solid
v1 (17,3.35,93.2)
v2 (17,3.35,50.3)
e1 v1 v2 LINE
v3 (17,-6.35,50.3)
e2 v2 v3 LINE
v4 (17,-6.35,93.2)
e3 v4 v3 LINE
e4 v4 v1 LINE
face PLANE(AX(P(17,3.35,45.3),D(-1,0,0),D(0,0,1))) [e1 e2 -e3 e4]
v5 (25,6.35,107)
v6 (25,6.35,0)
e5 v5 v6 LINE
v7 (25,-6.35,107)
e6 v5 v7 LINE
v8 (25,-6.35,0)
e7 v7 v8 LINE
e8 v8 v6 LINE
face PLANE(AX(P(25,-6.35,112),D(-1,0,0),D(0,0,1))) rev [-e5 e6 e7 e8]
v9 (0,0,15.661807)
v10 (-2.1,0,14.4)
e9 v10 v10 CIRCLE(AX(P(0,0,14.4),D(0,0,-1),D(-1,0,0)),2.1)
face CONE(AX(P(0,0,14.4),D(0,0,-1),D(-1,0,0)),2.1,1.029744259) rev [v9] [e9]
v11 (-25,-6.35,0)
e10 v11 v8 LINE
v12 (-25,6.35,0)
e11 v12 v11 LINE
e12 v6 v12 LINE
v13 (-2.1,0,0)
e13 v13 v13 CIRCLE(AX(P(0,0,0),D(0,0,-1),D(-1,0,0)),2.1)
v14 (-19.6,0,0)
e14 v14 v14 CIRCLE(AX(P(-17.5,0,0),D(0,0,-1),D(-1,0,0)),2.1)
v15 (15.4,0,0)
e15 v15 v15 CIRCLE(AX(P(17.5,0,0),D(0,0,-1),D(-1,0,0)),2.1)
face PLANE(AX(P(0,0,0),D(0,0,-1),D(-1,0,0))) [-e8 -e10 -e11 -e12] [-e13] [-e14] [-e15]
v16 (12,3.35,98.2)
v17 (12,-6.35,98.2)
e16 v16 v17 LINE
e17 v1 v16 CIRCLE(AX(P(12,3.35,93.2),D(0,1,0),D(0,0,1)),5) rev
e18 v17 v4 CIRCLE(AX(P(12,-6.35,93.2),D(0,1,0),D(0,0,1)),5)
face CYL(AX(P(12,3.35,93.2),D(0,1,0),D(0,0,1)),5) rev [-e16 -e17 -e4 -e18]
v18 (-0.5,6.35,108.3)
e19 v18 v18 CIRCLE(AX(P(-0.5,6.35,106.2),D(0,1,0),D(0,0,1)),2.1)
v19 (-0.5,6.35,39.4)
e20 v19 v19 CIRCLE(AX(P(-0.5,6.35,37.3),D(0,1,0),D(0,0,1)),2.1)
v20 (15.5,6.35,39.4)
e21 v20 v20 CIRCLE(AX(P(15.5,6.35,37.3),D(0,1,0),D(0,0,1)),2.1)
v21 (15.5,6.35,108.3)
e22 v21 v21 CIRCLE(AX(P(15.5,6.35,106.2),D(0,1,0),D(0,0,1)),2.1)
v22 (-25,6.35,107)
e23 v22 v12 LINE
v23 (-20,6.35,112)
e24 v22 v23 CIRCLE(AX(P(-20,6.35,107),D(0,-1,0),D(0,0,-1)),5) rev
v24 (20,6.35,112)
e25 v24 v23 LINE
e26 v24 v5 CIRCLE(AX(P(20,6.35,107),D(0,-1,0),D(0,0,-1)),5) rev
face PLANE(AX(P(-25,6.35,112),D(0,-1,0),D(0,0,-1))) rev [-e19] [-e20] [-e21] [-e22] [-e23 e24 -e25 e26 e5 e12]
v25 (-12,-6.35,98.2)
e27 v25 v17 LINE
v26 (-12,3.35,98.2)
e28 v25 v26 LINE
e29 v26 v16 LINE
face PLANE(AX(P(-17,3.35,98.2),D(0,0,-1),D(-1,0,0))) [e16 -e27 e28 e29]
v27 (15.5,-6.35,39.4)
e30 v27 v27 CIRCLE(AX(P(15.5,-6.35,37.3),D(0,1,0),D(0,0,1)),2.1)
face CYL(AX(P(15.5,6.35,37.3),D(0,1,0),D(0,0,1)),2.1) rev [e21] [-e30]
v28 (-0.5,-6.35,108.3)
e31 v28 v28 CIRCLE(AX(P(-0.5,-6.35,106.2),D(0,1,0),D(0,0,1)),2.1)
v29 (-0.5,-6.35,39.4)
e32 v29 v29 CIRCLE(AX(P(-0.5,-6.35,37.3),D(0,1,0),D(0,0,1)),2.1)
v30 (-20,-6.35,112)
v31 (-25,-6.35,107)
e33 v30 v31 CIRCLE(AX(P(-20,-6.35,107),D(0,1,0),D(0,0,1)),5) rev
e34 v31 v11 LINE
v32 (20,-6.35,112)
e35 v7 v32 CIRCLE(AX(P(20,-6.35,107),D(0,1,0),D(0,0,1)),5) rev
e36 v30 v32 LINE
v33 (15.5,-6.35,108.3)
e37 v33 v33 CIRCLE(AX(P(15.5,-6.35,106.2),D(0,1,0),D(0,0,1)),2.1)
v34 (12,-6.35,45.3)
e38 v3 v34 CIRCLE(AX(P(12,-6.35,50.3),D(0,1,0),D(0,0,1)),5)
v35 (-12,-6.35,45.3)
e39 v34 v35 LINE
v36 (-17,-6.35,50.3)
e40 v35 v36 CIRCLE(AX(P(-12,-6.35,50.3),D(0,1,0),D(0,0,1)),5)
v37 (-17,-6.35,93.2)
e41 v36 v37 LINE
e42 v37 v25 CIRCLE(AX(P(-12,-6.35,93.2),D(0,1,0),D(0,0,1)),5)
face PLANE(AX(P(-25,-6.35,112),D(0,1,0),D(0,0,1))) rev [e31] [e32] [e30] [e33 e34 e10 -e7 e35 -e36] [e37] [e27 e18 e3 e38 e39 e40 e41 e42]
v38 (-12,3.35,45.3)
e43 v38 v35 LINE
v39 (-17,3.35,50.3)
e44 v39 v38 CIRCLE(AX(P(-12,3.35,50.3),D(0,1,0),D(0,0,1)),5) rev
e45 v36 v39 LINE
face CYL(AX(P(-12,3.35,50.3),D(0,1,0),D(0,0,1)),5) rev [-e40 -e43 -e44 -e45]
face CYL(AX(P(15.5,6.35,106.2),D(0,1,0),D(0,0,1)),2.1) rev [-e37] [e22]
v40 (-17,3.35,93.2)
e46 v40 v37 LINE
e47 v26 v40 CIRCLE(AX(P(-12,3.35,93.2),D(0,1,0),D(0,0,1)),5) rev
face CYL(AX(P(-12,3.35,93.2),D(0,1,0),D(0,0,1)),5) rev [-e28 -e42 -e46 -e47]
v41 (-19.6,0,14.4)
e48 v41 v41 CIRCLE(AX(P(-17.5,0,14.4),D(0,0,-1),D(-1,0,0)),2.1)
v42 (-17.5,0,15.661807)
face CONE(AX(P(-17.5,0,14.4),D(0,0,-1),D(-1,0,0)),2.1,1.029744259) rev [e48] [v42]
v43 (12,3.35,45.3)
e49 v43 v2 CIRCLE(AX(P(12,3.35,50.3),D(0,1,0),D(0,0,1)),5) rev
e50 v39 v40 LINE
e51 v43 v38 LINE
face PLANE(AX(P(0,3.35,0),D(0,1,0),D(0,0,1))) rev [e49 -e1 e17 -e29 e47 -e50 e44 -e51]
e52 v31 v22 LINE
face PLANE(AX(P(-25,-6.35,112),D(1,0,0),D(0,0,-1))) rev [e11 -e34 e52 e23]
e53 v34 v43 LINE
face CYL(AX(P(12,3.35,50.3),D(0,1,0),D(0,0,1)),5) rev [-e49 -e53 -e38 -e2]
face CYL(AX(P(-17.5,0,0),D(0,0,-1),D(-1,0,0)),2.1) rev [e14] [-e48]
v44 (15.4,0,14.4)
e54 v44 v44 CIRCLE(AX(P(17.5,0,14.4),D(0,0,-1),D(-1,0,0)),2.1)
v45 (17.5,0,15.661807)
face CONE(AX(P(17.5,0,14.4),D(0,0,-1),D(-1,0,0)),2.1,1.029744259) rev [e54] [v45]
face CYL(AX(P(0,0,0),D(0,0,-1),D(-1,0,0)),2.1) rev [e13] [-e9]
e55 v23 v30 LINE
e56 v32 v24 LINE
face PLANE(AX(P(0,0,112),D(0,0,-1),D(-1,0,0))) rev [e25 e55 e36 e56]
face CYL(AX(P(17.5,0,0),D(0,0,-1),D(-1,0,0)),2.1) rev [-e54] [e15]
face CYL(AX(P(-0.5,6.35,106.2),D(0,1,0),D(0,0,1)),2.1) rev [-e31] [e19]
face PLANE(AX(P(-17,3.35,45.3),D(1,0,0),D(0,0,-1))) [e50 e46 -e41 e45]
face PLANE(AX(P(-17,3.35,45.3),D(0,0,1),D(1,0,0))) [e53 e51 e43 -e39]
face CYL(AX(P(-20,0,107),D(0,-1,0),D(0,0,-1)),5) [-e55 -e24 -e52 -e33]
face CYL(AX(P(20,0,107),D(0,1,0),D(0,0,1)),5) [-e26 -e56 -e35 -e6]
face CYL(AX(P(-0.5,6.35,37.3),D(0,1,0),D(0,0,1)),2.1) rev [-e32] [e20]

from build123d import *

# Parameters (mm, degrees)
SKETCH12_W                = 50
SKETCH12_H                = 12.7
BOSS_EXTRUDE1_DEPTH       = 112
M5X0_8_TAPPED_HOLE2_D     = 4.2
M5X0_8_TAPPED_HOLE2_DEPTH = 14.4
M5X0_8_TAPPED_HOLE2_TIP   = 1.2618073
M5X0_8_TAPPED_HOLE3_D     = 4.2
SKETCH19_W                = 34
SKETCH19_H                = 52.9
CUT_EXTRUDE1_DEPTH        = 9.7
FILLET1_R                 = 5


with BuildPart() as part:
    # Sketch12 → Boss-Extrude1 (new body)
    with BuildSketch(Plane.XY):
        Rectangle(SKETCH12_W, SKETCH12_H)
    extrude(amount=BOSS_EXTRUDE1_DEPTH)

    # M5x0.8 Tapped Hole2
    with Locations(Plane(origin=(0, 0, 0), x_dir=(-1, 0, 0), z_dir=(0, 0, -1))):
        with Locations((-17.5, 0), (0, 0), (17.5, 0)):
            Hole(M5X0_8_TAPPED_HOLE2_D / 2, depth=M5X0_8_TAPPED_HOLE2_DEPTH)
            with Locations((0, 0, -(M5X0_8_TAPPED_HOLE2_DEPTH + M5X0_8_TAPPED_HOLE2_TIP / 2))):  # 118° drill point
                Cone(0, M5X0_8_TAPPED_HOLE2_D / 2, M5X0_8_TAPPED_HOLE2_TIP, mode=Mode.SUBTRACT)

    # M5x0.8 Tapped Hole3 (through all)
    with Locations(Plane(origin=(0, 6.35, 0), x_dir=(1, 0, 0), z_dir=(0, 1, 0))):
        with Locations((-0.5, -37.3), (15.5, -37.3), (15.5, -106.2), (-0.5, -106.2)):
            Hole(M5X0_8_TAPPED_HOLE3_D / 2)

    # Sketch19 → Cut-Extrude1 (cut)
    with BuildSketch(Plane(origin=(0, -6.35, 0), x_dir=(1, 0, 0), z_dir=(0, 1, 0))):
        with Locations((0, -71.75)):
            Rectangle(SKETCH19_W, SKETCH19_H)
    extrude(amount=CUT_EXTRUDE1_DEPTH, mode=Mode.SUBTRACT)

    # Fillet1
    fillet1_edges = [part.edges().sort_by_distance(p)[0] for p in [
        (-25, 0, 112),
        (25, 0, 112),
        (-17, -1.5, 45.3),
        (-17, -1.5, 98.2),
        (17, -1.5, 98.2),
        (17, -1.5, 45.3),
    ]]
    fillet(fillet1_edges, radius=FILLET1_R)


solid = part.part
